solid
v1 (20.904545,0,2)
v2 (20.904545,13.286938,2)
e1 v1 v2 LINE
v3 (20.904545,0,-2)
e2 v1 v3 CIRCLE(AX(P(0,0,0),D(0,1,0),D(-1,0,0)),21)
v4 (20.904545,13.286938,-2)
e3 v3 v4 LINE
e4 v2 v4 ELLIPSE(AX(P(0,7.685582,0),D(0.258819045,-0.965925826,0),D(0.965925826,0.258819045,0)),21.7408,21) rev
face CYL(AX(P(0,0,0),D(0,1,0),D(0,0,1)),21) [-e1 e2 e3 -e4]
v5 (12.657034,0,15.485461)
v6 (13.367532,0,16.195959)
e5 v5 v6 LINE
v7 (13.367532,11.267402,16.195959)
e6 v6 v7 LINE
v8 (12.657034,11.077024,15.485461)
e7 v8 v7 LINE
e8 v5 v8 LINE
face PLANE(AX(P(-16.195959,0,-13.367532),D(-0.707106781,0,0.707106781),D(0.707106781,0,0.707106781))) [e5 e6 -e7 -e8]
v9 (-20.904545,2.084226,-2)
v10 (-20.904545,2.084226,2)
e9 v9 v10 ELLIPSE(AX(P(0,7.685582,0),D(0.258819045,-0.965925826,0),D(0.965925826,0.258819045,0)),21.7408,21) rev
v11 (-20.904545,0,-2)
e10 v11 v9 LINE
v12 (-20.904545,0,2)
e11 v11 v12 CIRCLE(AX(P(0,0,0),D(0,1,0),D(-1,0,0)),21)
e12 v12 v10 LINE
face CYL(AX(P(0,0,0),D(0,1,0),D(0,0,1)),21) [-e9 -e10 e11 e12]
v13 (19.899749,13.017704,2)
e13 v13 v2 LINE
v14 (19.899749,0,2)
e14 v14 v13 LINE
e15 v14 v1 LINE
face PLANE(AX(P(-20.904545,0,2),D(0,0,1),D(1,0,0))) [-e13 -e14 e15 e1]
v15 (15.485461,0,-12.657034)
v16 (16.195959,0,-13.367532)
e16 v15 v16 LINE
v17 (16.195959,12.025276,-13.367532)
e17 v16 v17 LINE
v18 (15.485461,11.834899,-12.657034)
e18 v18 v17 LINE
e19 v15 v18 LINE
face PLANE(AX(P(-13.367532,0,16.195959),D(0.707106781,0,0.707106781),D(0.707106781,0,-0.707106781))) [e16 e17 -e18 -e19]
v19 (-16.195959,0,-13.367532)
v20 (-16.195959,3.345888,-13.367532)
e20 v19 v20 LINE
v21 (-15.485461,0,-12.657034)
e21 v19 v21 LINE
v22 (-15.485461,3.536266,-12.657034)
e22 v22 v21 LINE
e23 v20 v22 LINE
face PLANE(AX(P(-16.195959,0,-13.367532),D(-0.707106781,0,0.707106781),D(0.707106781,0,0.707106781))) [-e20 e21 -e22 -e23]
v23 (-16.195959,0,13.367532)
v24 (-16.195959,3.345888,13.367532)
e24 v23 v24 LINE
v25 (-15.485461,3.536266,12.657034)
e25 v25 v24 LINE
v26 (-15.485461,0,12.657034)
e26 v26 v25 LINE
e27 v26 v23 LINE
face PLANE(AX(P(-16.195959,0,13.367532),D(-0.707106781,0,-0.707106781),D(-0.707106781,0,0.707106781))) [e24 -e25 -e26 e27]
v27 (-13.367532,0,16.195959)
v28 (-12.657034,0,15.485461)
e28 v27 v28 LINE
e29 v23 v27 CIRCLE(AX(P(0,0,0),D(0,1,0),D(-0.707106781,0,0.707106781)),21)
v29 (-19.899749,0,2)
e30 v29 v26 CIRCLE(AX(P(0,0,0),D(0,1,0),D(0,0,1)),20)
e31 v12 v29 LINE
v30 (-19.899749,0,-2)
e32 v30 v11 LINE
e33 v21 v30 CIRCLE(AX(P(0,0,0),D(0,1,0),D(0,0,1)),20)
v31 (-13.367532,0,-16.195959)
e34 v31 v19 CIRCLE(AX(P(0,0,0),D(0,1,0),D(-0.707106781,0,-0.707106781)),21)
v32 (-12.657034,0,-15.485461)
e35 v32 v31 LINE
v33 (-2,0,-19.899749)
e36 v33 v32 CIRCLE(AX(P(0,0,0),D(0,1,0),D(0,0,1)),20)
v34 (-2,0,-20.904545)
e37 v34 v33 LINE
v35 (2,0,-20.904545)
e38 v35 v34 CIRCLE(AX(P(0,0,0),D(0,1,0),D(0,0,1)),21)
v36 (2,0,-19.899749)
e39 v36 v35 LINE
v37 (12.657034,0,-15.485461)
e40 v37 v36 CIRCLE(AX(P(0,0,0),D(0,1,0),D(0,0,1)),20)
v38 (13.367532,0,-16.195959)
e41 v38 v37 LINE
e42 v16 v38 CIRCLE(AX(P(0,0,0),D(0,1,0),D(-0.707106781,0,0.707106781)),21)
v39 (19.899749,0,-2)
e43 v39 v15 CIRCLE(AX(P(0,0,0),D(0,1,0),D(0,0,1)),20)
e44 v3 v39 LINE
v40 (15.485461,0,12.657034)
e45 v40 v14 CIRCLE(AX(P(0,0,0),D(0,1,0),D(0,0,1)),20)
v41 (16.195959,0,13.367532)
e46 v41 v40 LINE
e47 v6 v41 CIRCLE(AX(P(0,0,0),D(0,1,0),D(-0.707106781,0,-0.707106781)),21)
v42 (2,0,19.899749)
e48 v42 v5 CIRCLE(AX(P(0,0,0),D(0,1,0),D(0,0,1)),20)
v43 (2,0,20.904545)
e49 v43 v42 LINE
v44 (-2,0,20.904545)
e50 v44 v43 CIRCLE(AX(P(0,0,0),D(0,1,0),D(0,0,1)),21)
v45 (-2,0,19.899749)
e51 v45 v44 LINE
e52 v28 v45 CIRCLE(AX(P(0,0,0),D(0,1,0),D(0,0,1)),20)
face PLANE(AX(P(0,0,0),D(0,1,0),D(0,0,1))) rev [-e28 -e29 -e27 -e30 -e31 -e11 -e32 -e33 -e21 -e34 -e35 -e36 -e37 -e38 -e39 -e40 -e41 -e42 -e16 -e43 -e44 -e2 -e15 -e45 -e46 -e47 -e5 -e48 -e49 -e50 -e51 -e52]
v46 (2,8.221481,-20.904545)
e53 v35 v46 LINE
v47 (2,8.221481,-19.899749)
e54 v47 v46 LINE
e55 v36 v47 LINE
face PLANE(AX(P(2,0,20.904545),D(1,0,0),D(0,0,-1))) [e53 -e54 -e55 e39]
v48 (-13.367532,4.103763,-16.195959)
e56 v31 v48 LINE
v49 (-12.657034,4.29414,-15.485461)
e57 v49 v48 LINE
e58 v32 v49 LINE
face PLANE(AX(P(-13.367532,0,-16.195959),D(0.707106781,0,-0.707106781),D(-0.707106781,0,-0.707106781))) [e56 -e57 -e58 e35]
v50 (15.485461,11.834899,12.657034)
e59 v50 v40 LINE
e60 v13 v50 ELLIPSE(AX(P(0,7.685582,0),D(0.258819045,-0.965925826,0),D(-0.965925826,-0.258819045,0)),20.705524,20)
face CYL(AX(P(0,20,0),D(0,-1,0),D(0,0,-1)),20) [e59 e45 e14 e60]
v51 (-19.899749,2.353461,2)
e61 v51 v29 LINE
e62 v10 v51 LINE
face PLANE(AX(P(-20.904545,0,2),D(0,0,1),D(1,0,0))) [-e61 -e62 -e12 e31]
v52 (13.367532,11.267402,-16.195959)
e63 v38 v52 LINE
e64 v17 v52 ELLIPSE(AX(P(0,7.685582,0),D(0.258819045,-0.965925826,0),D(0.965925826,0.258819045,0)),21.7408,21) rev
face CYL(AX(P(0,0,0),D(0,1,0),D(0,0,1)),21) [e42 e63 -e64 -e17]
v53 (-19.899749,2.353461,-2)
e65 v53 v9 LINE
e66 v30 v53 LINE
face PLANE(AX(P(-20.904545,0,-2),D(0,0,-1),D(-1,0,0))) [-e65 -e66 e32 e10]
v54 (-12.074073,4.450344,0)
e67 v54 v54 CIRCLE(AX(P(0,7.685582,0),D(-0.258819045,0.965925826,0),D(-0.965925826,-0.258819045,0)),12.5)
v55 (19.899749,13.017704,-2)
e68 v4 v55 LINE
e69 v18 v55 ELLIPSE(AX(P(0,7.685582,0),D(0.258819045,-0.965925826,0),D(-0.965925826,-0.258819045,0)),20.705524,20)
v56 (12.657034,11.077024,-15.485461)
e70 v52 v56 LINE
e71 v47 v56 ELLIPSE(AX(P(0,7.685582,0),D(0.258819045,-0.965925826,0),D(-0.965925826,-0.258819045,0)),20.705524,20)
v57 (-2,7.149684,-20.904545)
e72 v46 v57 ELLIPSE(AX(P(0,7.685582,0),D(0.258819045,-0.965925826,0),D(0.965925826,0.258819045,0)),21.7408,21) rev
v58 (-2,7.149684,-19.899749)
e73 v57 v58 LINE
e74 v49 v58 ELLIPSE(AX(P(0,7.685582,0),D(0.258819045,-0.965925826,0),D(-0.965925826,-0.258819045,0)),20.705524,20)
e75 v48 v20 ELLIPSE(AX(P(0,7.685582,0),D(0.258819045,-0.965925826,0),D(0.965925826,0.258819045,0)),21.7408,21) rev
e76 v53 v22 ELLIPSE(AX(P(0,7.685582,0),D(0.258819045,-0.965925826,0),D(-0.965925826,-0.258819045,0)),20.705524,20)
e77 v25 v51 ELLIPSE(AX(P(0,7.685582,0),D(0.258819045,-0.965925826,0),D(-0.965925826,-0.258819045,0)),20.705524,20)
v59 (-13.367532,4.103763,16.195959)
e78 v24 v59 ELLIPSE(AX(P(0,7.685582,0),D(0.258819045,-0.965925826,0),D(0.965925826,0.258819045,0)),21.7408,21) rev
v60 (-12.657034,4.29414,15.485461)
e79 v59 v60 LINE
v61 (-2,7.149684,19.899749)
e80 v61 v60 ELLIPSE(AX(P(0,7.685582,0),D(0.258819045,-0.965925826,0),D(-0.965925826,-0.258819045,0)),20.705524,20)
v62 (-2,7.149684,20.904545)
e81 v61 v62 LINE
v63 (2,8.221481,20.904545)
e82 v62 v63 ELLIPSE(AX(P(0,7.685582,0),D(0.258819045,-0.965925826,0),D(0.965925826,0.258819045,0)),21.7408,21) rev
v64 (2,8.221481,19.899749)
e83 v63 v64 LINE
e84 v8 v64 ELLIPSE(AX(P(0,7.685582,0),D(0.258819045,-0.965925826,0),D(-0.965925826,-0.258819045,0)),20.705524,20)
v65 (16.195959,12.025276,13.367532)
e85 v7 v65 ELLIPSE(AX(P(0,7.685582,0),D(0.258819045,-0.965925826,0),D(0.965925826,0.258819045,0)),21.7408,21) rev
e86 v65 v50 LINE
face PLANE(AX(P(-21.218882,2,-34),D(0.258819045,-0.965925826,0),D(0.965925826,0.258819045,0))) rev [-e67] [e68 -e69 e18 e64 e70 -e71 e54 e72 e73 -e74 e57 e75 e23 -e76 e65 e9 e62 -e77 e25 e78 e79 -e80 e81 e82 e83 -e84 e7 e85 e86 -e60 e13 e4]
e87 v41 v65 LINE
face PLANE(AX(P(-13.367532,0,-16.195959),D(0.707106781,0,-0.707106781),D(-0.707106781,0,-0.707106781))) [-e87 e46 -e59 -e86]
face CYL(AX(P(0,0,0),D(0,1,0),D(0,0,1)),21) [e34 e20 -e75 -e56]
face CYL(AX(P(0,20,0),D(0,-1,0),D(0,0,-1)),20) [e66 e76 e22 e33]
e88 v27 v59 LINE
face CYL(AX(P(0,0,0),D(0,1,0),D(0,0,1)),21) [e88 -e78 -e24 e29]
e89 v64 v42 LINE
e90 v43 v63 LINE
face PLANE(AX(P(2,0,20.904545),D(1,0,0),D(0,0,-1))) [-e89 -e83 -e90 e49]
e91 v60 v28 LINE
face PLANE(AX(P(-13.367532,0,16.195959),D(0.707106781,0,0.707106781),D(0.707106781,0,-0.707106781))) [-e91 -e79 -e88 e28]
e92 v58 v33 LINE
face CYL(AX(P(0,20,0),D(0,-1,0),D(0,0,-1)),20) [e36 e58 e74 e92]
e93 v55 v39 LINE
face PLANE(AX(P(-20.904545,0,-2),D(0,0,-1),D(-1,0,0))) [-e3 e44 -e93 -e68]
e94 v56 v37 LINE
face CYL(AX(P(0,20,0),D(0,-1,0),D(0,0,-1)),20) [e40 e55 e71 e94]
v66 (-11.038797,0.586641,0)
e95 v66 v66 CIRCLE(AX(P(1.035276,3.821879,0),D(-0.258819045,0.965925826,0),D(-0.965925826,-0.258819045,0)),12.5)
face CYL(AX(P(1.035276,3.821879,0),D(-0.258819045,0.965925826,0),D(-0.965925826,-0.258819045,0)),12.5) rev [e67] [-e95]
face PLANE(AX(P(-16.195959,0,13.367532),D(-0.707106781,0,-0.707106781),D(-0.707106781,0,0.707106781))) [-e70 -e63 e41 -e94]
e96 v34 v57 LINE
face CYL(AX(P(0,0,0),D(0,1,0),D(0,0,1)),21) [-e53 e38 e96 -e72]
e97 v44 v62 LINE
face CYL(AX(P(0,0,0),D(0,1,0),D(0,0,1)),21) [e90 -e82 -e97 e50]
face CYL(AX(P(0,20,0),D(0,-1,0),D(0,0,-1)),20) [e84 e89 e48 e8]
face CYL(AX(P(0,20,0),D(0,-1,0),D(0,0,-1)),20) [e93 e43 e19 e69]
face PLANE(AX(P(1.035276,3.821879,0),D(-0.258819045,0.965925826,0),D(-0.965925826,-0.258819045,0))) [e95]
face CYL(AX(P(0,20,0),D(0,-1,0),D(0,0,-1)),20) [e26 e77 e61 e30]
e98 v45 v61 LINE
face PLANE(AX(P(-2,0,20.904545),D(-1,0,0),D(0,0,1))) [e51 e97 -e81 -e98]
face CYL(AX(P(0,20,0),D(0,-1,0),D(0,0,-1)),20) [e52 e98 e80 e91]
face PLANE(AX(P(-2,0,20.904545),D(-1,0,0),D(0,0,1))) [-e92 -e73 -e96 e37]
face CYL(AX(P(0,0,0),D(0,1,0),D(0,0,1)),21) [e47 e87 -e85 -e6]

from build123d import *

# Parameters (mm, degrees)
SKETCH_1_R               = 20
EXTRUDE_1_DEPTH          = 20
EXTRUDE_2_DEPTH          = 20
PATTERN_CIRCULAR_1_COUNT = 8
CUT_EXTRUDE_1_DEPTH      = 34
SKETCH_5_R               = 12.5
CUT_EXTRUDE_2_DEPTH      = 4


with BuildPart() as part:
    # 草图1 → 凸台-拉伸1 (new body)
    with BuildSketch(Plane(origin=(0, 0, 0), x_dir=(1, 0, 0), z_dir=(0, 1, 0))):
        Circle(SKETCH_1_R)
    extrude(amount=EXTRUDE_1_DEPTH)

    # 草图3 → 凸台-拉伸2 (add)
    with BuildSketch(Plane(origin=(0, 20, 0), x_dir=(1, 0, 0), z_dir=(0, 1, 0))):
        with BuildLine():
            Line((-2, -20.90454496), (-2, 20.90454496))
            ThreePointArc((-2, 20.90454496), (0, 21), (2, 20.90454496))
            Line((2, 20.90454496), (2, -20.90454496))
            ThreePointArc((2, -20.90454496), (0, -21), (-2, -20.90454496))
        make_face()
    extrude_2 = extrude(amount=-EXTRUDE_2_DEPTH)

    # 阵列(圆周)1: 凸台-拉伸2 ×8 about axis
    pattern_circular_1_axis = Axis((0, 20, 0), (0, -1, 0))
    for i in range(1, PATTERN_CIRCULAR_1_COUNT):
        add(extrude_2.rotate(pattern_circular_1_axis, i * 360 / PATTERN_CIRCULAR_1_COUNT))

    # 草图2 → 切除-拉伸1 (cut, symmetric)
    with BuildSketch(Plane.XY):
        Polygon((-21.218882006, 2), (25.661502265, 14.561561106), (25.661502265, 41.51194957), (-21.218882006, 43.85785004), align=None)
    extrude(amount=CUT_EXTRUDE_1_DEPTH, both=True, mode=Mode.SUBTRACT)

    # 草图5 → 切除-拉伸2 (cut)
    with BuildSketch(Plane(origin=(-1.921395574, 7.170745905, 0), x_dir=(0.9659258262890681, 0.2588190451025218, 0), z_dir=(-0.2588190451025218, 0.9659258262890681, 0))):
        with Locations((1.989175071, 0)):
            Circle(SKETCH_5_R)
    extrude(amount=-CUT_EXTRUDE_2_DEPTH, mode=Mode.SUBTRACT)


solid = part.part
